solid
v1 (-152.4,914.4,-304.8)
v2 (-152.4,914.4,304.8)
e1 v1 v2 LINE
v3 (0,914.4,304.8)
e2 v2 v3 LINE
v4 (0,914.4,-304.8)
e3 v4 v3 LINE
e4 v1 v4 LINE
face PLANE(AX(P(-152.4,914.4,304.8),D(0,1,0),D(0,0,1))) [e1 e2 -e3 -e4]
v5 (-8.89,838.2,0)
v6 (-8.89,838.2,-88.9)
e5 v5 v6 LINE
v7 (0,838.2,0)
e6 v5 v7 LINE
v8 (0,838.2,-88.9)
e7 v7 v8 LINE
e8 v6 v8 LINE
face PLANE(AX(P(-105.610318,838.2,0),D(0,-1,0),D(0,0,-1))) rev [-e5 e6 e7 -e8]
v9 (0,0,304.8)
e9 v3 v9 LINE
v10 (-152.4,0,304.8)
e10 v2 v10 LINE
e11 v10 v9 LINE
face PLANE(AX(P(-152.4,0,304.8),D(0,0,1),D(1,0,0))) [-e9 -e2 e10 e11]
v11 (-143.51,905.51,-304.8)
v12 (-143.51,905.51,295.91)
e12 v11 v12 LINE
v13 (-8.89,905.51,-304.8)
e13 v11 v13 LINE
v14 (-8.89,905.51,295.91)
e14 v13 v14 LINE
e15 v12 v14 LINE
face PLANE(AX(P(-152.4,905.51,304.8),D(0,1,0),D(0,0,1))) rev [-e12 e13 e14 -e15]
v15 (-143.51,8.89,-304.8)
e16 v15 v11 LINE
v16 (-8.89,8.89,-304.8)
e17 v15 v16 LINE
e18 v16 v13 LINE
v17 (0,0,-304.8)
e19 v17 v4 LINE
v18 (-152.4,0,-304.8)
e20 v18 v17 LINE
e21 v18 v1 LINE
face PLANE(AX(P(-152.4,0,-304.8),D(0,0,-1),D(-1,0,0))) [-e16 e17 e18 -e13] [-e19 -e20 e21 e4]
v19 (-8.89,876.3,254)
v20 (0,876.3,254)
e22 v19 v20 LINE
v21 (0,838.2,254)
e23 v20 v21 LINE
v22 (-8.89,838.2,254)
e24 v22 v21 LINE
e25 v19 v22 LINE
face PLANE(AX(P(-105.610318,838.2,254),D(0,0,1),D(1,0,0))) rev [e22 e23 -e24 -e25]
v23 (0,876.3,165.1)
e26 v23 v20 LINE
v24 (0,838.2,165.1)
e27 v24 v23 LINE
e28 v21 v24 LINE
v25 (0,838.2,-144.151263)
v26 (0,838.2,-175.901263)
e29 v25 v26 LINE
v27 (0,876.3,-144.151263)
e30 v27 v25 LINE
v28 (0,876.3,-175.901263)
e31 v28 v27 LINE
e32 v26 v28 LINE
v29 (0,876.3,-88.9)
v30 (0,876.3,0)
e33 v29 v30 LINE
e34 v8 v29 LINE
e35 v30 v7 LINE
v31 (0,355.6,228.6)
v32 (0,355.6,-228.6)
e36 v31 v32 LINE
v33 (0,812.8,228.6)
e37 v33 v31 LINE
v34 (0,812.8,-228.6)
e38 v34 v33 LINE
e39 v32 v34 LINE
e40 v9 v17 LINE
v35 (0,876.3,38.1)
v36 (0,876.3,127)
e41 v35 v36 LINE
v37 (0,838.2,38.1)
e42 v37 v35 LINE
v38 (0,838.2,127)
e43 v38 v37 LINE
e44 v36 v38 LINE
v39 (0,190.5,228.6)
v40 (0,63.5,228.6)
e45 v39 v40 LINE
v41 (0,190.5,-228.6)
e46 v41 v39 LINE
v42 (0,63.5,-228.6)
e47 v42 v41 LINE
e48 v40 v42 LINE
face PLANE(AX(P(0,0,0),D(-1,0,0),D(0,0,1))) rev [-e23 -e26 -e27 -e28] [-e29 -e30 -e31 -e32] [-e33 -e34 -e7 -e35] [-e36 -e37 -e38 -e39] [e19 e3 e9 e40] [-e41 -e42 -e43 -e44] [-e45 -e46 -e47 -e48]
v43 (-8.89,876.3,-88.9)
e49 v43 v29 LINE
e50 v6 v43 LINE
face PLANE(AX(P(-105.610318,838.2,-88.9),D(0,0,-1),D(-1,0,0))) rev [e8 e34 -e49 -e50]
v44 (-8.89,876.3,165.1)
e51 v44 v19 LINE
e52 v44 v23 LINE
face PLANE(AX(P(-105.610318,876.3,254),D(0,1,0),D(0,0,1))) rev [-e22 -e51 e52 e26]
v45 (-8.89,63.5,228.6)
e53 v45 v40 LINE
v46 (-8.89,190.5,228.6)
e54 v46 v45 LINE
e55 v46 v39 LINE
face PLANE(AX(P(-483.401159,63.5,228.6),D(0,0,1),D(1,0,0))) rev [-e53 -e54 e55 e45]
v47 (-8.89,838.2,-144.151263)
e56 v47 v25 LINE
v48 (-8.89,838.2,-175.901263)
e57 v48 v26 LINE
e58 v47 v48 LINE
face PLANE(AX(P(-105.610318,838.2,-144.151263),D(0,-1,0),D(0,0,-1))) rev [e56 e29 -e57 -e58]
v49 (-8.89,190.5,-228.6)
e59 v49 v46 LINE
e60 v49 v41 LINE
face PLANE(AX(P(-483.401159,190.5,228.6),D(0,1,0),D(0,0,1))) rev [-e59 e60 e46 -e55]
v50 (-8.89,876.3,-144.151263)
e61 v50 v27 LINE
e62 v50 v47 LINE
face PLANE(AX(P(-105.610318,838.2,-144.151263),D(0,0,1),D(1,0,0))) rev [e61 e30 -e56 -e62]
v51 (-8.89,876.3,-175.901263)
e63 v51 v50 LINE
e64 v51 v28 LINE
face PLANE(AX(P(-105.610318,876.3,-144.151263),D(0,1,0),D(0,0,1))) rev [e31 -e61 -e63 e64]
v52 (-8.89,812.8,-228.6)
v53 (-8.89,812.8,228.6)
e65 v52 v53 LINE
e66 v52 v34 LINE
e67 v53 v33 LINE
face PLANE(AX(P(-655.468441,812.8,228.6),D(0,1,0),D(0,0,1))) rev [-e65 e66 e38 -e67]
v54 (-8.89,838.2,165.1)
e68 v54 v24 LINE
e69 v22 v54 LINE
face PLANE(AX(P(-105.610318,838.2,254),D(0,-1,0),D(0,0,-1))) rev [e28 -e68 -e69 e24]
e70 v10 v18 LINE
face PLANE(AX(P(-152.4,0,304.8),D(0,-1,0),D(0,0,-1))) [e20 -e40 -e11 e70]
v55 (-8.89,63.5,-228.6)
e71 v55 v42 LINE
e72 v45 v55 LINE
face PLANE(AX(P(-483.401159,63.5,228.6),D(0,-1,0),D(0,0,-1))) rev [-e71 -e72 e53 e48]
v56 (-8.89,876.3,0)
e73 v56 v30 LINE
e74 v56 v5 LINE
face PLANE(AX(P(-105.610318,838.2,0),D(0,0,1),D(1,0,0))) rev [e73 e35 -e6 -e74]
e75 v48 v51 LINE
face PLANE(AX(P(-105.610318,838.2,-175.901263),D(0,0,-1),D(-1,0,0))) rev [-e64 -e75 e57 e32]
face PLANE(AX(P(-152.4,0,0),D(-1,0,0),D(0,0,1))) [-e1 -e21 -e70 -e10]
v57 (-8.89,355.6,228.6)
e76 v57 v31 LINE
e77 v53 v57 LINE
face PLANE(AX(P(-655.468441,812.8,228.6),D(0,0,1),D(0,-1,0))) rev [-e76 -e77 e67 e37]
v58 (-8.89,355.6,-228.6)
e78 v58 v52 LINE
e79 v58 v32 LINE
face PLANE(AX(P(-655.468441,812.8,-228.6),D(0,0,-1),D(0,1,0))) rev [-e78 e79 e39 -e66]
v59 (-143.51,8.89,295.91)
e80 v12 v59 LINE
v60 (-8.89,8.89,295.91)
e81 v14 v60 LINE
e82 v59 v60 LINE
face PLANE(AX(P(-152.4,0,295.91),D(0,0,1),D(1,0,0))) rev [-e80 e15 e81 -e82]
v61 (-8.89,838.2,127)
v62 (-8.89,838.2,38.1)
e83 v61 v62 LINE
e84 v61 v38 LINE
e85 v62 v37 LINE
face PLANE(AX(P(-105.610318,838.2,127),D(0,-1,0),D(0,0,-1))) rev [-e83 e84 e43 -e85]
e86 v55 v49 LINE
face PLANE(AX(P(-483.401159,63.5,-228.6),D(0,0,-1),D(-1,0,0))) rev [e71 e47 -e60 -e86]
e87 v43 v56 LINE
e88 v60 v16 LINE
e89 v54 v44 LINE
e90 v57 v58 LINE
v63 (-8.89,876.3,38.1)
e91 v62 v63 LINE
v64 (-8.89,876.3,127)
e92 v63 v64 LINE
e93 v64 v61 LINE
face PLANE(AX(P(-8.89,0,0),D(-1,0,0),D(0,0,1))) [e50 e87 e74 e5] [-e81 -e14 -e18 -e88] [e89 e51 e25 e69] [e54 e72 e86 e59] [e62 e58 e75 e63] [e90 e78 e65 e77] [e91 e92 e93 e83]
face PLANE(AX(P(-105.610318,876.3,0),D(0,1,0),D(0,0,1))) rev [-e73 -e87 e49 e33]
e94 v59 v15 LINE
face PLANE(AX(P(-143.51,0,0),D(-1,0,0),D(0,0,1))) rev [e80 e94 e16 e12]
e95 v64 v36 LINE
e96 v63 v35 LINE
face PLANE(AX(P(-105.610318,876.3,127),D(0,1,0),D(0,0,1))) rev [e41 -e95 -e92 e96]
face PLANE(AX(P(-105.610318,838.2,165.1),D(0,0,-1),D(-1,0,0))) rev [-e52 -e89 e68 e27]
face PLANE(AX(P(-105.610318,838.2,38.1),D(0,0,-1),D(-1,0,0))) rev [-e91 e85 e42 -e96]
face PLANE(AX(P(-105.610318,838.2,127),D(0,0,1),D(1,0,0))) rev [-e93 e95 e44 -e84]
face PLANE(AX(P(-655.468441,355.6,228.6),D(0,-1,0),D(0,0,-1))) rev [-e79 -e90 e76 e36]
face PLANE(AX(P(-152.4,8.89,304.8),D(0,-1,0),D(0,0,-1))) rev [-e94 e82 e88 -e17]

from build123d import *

# Parameters (mm, degrees)
SKETCH1_W            = 609.6
SKETCH1_H            = 914.4
OUTERBODIE_DEPTH     = 152.4
SHELL1_T             = -8.89
SKETCH3_W            = 457.2
SKETCH3_H            = 127
WIRE_DUCT_DEPTH      = 8.89
SKETCH2_W            = 457.2
SKETCH2_H            = 457.2
DISPLAY_CUTOUT_DEPTH = 8.89
SKETCH5_W            = 88.9
SKETCH5_H            = 38.1
SKETCH5_W_2          = 31.75
GAME_DISPLAY_DEPTH   = 8.89


with BuildPart() as part:
    # Sketch1 → OuterBodie (new body)
    with BuildSketch(Plane(origin=(0, 0, 0), x_dir=(0, 0, -1), z_dir=(1, 0, 0))):
        with Locations((0, 457.2)):
            Rectangle(SKETCH1_W, SKETCH1_H)
    extrude(amount=-OUTERBODIE_DEPTH)

    # Shell1
    shell1_openings = [part.faces().sort_by_distance(p)[0] for p in [
        (-76.2, 457.2, -304.8),
    ]]
    offset(amount=SHELL1_T, openings=shell1_openings, kind=Kind.INTERSECTION)

    # Sketch3 → Wire duct (cut)
    with BuildSketch(Plane(origin=(0, 0, 0), x_dir=(0, 0, -1), z_dir=(1, 0, 0))):
        with Locations((0, 127)):
            Rectangle(SKETCH3_W, SKETCH3_H)
    extrude(amount=-WIRE_DUCT_DEPTH, mode=Mode.SUBTRACT)

    # Sketch2 → Display cutout (cut)
    with BuildSketch(Plane(origin=(0, 0, 0), x_dir=(0, 0, -1), z_dir=(1, 0, 0))):
        with Locations((0, 584.2)):
            Rectangle(SKETCH2_W, SKETCH2_H)
    extrude(amount=-DISPLAY_CUTOUT_DEPTH, mode=Mode.SUBTRACT)

    # Sketch5 → Game Display (cut)
    with BuildSketch(Plane(origin=(0, 0, 0), x_dir=(0, 0, -1), z_dir=(1, 0, 0))):
        with Locations((-209.55, 857.25)):
            Rectangle(SKETCH5_W, SKETCH5_H)
        with Locations((-82.55, 857.25)):
            Rectangle(SKETCH5_W, SKETCH5_H)
        with Locations((44.45, 857.25)):
            Rectangle(SKETCH5_W, SKETCH5_H)
        with Locations((160.026262688, 857.25)):
            Rectangle(SKETCH5_W_2, SKETCH5_H)
    extrude(amount=-GAME_DISPLAY_DEPTH, mode=Mode.SUBTRACT)


solid = part.part
